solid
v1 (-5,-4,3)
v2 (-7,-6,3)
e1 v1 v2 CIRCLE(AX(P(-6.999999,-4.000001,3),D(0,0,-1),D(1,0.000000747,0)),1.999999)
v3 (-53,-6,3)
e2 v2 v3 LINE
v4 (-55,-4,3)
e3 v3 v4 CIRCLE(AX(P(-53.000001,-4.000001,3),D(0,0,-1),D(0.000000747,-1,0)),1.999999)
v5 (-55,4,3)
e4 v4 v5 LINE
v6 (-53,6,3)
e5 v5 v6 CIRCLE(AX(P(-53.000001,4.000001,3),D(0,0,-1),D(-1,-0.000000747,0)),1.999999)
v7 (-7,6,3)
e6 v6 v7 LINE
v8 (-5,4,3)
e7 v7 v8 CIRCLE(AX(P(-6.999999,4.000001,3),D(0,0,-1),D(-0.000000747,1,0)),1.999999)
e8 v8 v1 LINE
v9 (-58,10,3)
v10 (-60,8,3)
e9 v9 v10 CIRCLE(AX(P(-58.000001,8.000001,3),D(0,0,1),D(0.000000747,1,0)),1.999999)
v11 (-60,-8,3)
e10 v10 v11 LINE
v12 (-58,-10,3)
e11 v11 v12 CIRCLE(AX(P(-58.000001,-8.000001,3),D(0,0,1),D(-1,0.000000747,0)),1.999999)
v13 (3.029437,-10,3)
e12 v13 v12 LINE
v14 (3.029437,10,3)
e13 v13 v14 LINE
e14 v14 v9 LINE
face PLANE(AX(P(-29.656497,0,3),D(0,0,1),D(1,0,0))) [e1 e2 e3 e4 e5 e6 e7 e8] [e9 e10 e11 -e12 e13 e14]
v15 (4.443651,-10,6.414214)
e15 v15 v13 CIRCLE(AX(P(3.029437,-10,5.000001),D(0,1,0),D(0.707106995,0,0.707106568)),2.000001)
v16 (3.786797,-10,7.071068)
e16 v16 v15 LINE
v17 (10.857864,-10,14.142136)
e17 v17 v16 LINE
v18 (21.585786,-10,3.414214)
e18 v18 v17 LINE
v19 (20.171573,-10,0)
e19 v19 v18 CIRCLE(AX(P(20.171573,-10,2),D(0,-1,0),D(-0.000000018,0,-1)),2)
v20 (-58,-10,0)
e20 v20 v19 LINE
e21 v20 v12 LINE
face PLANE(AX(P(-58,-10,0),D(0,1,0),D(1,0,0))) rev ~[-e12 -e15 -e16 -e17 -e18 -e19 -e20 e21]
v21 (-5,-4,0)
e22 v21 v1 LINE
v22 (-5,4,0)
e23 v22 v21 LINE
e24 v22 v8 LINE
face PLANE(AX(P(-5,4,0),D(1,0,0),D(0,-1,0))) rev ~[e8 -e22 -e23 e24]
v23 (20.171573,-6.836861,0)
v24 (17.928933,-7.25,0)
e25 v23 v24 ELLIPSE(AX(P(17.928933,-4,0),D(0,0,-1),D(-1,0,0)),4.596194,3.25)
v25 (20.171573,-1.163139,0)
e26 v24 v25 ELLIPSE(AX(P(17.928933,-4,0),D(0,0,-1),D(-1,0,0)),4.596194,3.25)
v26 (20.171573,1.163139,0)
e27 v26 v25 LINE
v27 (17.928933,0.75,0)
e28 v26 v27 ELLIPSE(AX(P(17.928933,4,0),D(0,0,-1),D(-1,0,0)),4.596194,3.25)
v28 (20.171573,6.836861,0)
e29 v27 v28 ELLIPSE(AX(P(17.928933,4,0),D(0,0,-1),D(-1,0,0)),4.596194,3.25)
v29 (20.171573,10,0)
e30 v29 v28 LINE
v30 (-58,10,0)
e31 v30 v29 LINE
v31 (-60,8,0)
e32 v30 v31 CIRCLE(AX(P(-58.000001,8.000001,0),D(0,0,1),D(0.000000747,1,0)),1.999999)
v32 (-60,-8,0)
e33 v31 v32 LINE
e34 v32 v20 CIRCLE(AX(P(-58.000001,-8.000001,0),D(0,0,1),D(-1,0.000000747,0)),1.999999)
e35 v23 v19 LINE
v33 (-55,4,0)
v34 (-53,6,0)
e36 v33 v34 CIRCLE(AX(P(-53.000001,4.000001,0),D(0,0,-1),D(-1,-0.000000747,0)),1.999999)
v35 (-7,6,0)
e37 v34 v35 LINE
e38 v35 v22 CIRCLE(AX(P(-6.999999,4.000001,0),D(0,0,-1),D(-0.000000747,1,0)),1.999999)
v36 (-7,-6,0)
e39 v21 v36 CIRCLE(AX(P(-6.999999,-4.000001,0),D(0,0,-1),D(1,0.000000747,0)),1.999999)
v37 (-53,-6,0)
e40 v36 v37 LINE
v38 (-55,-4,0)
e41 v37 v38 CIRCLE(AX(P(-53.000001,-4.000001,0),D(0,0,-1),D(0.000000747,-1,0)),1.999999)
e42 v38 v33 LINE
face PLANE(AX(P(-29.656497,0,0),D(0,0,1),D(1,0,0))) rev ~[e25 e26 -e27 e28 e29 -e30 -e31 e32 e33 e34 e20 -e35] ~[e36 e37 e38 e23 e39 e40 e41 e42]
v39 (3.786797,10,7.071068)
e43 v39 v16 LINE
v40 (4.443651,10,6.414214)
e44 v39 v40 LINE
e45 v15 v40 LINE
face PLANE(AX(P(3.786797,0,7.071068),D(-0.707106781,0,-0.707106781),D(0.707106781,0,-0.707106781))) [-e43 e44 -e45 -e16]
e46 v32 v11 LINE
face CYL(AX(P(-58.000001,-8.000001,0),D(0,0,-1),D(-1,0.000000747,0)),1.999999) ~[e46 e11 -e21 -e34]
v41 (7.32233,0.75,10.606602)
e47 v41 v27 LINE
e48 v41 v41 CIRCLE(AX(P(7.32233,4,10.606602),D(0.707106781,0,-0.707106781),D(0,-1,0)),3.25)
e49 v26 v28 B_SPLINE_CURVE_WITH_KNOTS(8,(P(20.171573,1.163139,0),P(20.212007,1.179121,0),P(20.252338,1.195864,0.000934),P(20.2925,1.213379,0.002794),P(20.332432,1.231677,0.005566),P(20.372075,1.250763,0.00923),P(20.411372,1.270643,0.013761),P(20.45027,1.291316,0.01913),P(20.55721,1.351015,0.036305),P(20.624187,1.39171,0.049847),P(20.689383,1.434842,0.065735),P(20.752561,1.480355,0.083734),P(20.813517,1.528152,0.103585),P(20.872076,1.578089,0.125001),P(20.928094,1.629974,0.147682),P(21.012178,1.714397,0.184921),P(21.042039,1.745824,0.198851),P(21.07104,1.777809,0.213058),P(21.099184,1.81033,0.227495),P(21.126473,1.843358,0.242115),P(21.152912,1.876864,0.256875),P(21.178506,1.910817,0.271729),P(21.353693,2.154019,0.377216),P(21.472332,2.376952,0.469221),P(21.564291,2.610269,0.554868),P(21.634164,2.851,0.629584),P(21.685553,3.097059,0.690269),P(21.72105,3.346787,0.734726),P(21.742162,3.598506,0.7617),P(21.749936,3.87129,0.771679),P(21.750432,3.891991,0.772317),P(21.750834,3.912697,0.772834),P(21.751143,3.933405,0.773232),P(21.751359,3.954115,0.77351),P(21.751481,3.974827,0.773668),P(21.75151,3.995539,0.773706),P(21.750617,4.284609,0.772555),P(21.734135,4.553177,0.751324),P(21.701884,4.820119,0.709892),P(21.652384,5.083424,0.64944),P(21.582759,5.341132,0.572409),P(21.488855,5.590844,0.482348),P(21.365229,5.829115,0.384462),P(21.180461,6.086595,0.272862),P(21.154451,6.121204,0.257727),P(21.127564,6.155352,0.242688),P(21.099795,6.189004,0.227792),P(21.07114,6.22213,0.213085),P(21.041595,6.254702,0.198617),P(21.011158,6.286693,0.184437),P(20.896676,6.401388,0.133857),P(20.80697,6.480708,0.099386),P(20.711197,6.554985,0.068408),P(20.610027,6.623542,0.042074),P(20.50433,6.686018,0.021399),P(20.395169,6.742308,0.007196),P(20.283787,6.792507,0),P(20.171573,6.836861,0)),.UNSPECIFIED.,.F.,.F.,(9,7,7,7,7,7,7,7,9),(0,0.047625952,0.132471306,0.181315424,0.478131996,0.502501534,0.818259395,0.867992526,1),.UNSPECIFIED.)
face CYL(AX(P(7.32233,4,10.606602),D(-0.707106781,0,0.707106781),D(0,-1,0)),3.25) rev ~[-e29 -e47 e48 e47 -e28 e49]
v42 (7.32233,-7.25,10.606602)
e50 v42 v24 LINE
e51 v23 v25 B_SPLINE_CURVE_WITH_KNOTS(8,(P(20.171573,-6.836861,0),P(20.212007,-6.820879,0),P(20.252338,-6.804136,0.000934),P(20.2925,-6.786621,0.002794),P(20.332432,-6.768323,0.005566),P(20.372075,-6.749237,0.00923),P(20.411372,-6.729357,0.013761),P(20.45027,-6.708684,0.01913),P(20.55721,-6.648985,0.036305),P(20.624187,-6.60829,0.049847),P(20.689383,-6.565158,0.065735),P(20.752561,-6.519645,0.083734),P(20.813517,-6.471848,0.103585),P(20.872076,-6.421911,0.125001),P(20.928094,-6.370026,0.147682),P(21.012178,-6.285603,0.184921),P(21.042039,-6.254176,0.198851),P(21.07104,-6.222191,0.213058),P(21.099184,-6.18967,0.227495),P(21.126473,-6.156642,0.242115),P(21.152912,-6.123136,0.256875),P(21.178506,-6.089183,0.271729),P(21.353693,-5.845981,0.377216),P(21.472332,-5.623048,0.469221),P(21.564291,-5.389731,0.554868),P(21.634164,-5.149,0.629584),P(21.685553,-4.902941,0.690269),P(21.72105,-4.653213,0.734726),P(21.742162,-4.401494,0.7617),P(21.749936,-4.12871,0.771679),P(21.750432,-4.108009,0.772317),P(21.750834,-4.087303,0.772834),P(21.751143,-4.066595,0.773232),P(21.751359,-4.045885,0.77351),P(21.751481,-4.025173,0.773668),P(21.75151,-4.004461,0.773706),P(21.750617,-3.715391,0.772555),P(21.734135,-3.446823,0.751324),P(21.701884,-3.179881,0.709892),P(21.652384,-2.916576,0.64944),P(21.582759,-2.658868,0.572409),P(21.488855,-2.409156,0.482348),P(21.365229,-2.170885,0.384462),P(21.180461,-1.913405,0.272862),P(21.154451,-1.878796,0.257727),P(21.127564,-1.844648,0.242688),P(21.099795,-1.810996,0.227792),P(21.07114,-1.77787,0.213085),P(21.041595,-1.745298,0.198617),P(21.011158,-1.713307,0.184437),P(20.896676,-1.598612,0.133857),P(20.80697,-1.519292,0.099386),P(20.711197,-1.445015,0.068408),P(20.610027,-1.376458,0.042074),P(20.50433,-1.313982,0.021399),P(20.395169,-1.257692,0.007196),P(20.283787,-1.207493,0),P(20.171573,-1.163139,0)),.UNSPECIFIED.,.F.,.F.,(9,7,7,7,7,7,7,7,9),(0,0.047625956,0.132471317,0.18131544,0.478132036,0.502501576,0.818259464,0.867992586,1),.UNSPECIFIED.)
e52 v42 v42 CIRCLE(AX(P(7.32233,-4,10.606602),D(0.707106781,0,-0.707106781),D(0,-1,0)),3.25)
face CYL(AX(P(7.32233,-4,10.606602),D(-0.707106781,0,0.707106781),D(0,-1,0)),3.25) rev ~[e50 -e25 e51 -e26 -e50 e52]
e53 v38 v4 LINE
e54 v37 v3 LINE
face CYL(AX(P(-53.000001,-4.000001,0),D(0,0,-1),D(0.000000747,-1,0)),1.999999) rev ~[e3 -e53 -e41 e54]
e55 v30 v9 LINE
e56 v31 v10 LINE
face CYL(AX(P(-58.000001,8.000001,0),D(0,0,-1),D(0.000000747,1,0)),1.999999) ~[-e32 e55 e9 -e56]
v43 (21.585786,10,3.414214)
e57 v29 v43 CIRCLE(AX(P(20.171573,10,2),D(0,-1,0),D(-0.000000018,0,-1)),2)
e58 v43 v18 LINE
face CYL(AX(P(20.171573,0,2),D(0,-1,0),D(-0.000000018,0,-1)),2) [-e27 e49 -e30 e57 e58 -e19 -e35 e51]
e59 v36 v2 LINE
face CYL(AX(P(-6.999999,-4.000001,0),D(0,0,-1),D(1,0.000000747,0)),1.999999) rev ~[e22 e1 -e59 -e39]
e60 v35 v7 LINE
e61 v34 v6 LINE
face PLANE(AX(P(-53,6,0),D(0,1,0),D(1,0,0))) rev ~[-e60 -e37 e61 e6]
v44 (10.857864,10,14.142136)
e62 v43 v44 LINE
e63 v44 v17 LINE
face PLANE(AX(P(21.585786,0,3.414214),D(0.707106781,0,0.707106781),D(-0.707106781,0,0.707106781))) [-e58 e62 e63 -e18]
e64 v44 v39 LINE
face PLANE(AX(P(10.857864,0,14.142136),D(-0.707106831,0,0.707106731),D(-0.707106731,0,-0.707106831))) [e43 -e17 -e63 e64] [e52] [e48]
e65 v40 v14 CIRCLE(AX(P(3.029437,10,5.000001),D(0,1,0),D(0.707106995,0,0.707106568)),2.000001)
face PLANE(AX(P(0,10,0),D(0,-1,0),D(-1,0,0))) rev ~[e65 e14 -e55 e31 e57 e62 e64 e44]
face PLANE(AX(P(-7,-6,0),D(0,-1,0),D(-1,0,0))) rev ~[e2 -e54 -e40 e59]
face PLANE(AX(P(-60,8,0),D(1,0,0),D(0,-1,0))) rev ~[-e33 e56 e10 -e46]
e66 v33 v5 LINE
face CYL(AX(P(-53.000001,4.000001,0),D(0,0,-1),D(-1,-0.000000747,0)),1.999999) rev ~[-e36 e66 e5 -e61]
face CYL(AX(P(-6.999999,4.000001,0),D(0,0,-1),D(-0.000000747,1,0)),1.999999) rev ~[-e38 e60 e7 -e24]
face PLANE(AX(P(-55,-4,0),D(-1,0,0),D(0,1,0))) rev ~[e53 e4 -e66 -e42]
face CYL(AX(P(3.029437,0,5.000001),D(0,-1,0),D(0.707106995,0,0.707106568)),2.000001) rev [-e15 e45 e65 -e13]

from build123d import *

# Parameters (mm, degrees)
F1_DEPTH = 10
F2_R     = 3.25
F3_DEPTH = 25
F5_DEPTH = 3


with BuildPart() as f1:
    # F0 (on Front) → F1 (new body, symmetric)
    with BuildSketch(Plane.XZ):
        with BuildLine():
            Line((0, 3), (0, 0))
            Line((0, 0), (20.171573, 0))
            ThreePointArc((20.171573, 0), (22.019332, 1.234633), (21.585786, 3.414214))
            Line((21.585786, 3.414214), (10.857864, 14.142136))
            Line((10.857864, 14.142136), (3.786797, 7.071068))
            Line((3.786797, 7.071068), (4.443651, 6.414214))
            ThreePointArc((4.443651, 6.414214), (4.877196, 4.234633), (3.029437, 3))
            Line((3.029437, 3), (0, 3))
        make_face()
    extrude(amount=F1_DEPTH, both=True)

    # F2 (on face) → F3 (cut)
    with BuildSketch(Plane(origin=(-1.642136, 0, 1.642136), x_dir=(0, -1, 0), z_dir=(-0.707107, 0, 0.707107))):
        with Locations((-4, 12.67767)):
            Circle(F2_R)
        with Locations((4, 12.67767)):
            Circle(F2_R)
    extrude(amount=-F3_DEPTH, mode=Mode.SUBTRACT)

    # F4 (on Top) → F5 (join)
    with BuildSketch(Plane.XY):
        with BuildLine():
            Line((0, -10), (0, 10))
            Line((0, 10), (-58, 10))
            ThreePointArc((-58, 10), (-59.414214, 9.414214), (-60, 8))
            Line((-60, 8), (-60, -8))
            ThreePointArc((-60, -8), (-59.414214, -9.414214), (-58, -10))
            Line((-58, -10), (0, -10))
        make_face()
        with BuildLine():
            Line((-53, 6), (-7, 6))
            ThreePointArc((-7, 6), (-5.585786, 5.414214), (-5, 4))
            Line((-5, 4), (-5, -4))
            ThreePointArc((-5, -4), (-5.585786, -5.414214), (-7, -6))
            Line((-7, -6), (-53, -6))
            ThreePointArc((-53, -6), (-54.414214, -5.414214), (-55, -4))
            Line((-55, -4), (-55, 4))
            ThreePointArc((-55, 4), (-54.414214, 5.414214), (-53, 6))
        make_face(mode=Mode.SUBTRACT)
    extrude(amount=F5_DEPTH)


solid = f1.part
